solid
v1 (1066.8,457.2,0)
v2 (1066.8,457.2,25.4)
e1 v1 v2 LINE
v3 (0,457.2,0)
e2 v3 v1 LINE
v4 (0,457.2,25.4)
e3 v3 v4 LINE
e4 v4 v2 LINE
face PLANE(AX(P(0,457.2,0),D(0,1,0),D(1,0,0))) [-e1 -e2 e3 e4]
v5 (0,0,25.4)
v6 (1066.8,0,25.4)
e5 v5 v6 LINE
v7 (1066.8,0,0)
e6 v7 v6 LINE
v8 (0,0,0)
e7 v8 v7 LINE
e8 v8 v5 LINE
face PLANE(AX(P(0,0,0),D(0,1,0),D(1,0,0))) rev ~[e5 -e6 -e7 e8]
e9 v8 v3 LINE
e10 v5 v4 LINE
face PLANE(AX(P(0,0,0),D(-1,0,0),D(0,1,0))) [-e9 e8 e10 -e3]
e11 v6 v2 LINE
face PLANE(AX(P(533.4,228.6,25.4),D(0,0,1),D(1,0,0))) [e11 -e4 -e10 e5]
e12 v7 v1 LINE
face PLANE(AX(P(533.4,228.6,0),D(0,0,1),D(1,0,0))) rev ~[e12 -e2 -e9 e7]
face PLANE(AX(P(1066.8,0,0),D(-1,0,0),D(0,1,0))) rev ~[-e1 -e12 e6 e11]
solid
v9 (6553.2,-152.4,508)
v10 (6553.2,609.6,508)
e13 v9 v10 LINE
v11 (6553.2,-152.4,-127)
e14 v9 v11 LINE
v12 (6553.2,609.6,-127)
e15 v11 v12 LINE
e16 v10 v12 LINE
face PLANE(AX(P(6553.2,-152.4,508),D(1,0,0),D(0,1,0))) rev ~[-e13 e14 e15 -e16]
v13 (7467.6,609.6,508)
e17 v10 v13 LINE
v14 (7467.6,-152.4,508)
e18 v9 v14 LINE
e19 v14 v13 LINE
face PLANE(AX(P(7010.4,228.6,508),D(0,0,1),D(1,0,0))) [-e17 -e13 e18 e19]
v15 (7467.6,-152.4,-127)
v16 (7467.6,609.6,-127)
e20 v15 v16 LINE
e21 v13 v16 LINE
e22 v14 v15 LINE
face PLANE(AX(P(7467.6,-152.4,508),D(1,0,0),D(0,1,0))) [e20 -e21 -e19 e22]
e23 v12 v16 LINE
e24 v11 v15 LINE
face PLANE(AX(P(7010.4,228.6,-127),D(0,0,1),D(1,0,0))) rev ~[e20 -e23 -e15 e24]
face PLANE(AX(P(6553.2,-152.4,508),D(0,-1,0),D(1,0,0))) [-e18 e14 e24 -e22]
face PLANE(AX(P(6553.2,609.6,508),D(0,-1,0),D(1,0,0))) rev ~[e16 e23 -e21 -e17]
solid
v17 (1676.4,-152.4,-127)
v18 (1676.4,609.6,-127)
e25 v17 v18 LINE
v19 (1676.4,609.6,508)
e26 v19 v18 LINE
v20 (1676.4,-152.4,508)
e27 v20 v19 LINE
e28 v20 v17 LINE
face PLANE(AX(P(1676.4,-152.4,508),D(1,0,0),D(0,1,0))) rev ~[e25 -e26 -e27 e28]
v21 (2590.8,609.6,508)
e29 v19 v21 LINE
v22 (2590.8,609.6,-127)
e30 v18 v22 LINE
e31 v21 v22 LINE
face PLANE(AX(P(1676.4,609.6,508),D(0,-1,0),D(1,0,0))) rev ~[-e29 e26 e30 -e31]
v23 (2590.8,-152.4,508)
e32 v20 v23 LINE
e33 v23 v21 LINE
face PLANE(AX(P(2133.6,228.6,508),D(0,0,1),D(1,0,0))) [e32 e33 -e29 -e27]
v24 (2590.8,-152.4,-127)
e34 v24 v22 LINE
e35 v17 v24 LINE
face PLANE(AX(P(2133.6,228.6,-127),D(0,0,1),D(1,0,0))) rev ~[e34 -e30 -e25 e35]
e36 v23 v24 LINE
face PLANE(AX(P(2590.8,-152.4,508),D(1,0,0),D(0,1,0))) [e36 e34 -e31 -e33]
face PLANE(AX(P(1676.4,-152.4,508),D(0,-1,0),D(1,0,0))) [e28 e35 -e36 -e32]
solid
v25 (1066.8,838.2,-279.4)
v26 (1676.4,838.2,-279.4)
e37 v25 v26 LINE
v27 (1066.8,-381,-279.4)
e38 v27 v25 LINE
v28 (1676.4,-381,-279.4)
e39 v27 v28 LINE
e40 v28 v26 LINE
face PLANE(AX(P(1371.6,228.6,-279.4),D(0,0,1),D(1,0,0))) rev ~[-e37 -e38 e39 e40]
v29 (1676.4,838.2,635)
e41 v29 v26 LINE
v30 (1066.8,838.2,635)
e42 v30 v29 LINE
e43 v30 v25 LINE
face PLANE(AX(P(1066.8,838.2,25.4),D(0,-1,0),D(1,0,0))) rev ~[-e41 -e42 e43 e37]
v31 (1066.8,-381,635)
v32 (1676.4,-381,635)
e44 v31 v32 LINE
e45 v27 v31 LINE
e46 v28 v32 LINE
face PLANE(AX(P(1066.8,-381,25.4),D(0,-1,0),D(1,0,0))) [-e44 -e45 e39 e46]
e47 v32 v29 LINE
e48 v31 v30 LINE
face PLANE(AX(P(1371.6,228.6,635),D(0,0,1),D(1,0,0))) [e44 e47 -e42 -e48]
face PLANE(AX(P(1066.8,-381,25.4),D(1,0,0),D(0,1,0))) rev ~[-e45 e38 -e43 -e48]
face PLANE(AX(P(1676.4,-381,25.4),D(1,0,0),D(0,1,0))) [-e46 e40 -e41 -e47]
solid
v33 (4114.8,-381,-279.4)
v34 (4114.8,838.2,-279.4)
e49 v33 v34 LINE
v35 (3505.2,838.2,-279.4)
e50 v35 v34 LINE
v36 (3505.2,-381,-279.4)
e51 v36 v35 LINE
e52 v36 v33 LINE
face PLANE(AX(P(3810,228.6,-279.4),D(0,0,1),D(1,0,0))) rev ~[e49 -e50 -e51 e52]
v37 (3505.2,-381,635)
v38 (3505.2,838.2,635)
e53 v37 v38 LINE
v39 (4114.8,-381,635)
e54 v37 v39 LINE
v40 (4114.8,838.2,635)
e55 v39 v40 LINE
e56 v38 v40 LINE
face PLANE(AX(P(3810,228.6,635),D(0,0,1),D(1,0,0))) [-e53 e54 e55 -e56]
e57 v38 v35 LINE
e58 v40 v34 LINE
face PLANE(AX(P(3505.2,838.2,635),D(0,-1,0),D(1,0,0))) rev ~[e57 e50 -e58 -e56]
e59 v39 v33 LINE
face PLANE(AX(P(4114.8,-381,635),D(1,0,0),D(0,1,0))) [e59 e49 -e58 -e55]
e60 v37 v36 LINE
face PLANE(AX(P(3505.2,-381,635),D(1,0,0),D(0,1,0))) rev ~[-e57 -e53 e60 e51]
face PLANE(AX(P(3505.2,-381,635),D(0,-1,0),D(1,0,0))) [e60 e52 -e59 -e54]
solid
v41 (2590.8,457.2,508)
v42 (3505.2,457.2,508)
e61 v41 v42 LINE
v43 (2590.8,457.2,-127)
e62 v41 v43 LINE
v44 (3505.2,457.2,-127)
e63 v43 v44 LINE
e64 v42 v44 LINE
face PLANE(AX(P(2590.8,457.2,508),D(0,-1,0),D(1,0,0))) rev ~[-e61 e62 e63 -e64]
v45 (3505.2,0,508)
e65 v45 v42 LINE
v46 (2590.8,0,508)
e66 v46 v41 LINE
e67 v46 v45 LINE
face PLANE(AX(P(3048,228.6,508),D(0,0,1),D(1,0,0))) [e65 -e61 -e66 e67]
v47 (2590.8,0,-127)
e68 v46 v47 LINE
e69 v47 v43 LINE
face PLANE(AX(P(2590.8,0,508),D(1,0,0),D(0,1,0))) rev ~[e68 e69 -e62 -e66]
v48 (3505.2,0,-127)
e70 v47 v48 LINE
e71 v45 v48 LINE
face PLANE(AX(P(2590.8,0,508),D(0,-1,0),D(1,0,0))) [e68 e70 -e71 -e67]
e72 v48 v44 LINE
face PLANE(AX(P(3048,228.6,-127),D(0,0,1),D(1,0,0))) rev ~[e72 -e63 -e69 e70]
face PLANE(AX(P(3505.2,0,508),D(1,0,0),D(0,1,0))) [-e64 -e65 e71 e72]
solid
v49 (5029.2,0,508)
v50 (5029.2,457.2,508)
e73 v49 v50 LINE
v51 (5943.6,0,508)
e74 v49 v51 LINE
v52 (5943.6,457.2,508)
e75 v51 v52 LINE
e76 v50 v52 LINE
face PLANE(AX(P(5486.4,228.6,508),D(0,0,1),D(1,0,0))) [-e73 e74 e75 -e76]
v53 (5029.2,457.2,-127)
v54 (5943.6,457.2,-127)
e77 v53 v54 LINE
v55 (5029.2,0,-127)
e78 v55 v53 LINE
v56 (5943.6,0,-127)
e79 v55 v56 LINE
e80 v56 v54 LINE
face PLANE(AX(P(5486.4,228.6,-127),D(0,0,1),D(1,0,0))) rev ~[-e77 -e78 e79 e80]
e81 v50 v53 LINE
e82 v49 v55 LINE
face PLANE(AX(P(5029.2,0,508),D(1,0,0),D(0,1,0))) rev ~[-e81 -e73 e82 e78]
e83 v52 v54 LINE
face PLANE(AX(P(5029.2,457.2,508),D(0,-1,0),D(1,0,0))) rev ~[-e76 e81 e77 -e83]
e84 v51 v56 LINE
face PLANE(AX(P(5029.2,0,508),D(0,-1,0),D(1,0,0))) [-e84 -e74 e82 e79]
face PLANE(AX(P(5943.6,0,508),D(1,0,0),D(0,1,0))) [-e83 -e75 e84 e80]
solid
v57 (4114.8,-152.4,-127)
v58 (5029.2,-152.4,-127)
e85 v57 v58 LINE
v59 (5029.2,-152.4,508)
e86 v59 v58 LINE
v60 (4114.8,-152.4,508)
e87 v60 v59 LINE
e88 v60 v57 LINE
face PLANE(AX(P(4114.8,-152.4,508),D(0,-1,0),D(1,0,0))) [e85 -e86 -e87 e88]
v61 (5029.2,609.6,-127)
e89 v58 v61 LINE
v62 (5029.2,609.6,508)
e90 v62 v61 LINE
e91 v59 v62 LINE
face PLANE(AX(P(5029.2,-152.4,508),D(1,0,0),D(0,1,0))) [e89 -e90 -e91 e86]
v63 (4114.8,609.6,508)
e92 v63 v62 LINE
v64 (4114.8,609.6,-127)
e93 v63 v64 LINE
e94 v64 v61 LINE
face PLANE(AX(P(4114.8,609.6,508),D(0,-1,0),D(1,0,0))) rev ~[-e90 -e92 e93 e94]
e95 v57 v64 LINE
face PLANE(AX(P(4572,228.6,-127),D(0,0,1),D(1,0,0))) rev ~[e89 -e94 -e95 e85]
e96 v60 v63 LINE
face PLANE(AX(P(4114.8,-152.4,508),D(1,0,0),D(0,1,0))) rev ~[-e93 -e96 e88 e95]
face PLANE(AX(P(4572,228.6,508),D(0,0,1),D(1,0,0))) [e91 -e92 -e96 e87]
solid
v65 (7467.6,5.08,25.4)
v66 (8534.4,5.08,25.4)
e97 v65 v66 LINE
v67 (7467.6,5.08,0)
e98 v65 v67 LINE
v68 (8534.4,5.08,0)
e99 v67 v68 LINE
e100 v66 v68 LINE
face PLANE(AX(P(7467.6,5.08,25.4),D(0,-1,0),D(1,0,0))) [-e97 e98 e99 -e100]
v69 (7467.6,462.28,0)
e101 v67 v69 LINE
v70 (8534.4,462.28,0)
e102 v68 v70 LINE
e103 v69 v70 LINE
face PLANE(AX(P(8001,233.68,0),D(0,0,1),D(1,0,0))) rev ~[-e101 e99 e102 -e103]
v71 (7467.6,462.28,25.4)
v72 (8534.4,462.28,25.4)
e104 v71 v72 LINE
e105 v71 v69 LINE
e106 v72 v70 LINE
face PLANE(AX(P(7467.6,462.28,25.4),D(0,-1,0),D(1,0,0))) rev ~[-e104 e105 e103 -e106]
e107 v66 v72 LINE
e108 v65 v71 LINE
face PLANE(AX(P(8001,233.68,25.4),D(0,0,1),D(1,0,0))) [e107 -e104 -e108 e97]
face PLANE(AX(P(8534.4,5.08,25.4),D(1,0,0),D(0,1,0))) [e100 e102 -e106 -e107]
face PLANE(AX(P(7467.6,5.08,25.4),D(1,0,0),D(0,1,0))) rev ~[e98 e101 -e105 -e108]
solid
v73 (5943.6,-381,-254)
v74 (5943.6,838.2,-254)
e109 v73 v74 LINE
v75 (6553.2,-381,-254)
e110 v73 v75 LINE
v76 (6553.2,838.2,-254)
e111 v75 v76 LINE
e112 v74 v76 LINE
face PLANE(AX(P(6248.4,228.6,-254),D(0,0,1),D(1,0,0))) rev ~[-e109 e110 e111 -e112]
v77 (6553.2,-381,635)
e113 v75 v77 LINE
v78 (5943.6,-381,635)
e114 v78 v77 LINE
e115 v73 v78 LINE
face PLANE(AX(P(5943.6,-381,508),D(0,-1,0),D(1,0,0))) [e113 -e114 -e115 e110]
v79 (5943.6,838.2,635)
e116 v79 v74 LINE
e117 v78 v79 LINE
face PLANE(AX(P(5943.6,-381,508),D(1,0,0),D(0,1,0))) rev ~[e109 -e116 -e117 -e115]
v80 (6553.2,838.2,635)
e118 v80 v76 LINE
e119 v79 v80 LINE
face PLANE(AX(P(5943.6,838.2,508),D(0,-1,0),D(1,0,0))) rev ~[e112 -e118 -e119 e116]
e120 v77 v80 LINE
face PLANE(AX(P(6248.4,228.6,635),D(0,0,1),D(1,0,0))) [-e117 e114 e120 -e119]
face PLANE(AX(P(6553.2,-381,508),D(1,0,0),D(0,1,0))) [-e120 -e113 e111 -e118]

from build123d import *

# Parameters (mm, degrees)
F0_W           = 1066.8
F0_H           = 457.2
F1_DEPTH       = 25.4
F2_W           = 609.6
F2_H           = 1219.2
F3_DEPTH       = 609.6
F3_DEPTH_BACK  = 304.8
F5_START       = -127
F4_W           = 914.4
F4_H           = 457.2
F5_DEPTH       = 635
F7_START       = -127
F6_W           = 914.4
F6_H           = 762
F7_DEPTH       = 635
F8_W           = 609.6
F8_H           = 1219.2
F9_DEPTH       = 914.4
F11_START      = -127
F10_W          = 914.4
F10_H          = 762
F11_DEPTH      = 635
F12_W          = 914.4
F12_H          = 457.2
F13_DEPTH      = 635
F14_W          = 609.6
F14_H          = 1219.2
F15_DEPTH      = 127
F15_DEPTH_BACK = 762
F17_START      = -127
F16_W          = 914.4
F16_H          = 762
F17_DEPTH      = 635
F19_START      = -482.6
F18_W          = 1066.8
F18_H          = 457.2
F19_DEPTH      = 25.4


with BuildPart() as f1:
    # F0 (on Top) → F1 (new body)
    with BuildSketch(Plane.XY):
        with Locations((533.4, 228.6)):
            Rectangle(F0_W, F0_H)
    extrude(amount=F1_DEPTH)


with BuildPart() as f3:
    # F2 (on face) → F3 (new body, two sides)
    with BuildSketch(Plane.XY.offset(25.4)) as f3_sk:
        with Locations((1371.6, 228.6)):
            Rectangle(F2_W, F2_H)
    extrude(amount=F3_DEPTH)
    extrude(f3_sk.sketch, amount=-F3_DEPTH_BACK)


with BuildPart() as f5:
    # F4 (on face) → F5 (new body)
    with BuildSketch(Plane.XY.offset(635).offset(F5_START)):
        with Locations((3048, 228.6)):
            Rectangle(F4_W, F4_H)
    extrude(amount=-F5_DEPTH)


with BuildPart() as f7:
    # F6 (on face) → F7 (new body)
    with BuildSketch(Plane.XY.offset(635).offset(F7_START)):
        with Locations((2133.6, 228.6)):
            Rectangle(F6_W, F6_H)
    extrude(amount=-F7_DEPTH)


with BuildPart() as f9:
    # F8 (on face) → F9 (new body)
    with BuildSketch(Plane.XY.offset(635)):
        with Locations((3810, 228.6)):
            Rectangle(F8_W, F8_H)
    extrude(amount=-F9_DEPTH)


with BuildPart() as f11:
    # F10 (on face) → F11 (new body)
    with BuildSketch(Plane.XY.offset(635).offset(F11_START)):
        with Locations((4572, 228.6)):
            Rectangle(F10_W, F10_H)
    extrude(amount=-F11_DEPTH)


with BuildPart() as f13:
    # F12 (on face) → F13 (new body)
    with BuildSketch(Plane.XY.offset(508)):
        with Locations((5486.4, 228.6)):
            Rectangle(F12_W, F12_H)
    extrude(amount=-F13_DEPTH)


with BuildPart() as f15:
    # F14 (on face) → F15 (new body, two sides)
    with BuildSketch(Plane.XY.offset(508)) as f15_sk:
        with Locations((6248.4, 228.6)):
            Rectangle(F14_W, F14_H)
    extrude(amount=F15_DEPTH)
    extrude(f15_sk.sketch, amount=-F15_DEPTH_BACK)


with BuildPart() as f17:
    # F16 (on face) → F17 (new body)
    with BuildSketch(Plane.XY.offset(635).offset(F17_START)):
        with Locations((7010.4, 228.6)):
            Rectangle(F16_W, F16_H)
    extrude(amount=-F17_DEPTH)


with BuildPart() as f19:
    # F18 (on face) → F19 (new body)
    with BuildSketch(Plane.XY.offset(508).offset(F19_START)):
        with Locations((8001, 233.6800000317)):
            Rectangle(F18_W, F18_H)
    extrude(amount=-F19_DEPTH)


solid = Compound([f1.part, f3.part, f5.part, f7.part, f9.part, f11.part, f13.part, f15.part, f17.part, f19.part])
